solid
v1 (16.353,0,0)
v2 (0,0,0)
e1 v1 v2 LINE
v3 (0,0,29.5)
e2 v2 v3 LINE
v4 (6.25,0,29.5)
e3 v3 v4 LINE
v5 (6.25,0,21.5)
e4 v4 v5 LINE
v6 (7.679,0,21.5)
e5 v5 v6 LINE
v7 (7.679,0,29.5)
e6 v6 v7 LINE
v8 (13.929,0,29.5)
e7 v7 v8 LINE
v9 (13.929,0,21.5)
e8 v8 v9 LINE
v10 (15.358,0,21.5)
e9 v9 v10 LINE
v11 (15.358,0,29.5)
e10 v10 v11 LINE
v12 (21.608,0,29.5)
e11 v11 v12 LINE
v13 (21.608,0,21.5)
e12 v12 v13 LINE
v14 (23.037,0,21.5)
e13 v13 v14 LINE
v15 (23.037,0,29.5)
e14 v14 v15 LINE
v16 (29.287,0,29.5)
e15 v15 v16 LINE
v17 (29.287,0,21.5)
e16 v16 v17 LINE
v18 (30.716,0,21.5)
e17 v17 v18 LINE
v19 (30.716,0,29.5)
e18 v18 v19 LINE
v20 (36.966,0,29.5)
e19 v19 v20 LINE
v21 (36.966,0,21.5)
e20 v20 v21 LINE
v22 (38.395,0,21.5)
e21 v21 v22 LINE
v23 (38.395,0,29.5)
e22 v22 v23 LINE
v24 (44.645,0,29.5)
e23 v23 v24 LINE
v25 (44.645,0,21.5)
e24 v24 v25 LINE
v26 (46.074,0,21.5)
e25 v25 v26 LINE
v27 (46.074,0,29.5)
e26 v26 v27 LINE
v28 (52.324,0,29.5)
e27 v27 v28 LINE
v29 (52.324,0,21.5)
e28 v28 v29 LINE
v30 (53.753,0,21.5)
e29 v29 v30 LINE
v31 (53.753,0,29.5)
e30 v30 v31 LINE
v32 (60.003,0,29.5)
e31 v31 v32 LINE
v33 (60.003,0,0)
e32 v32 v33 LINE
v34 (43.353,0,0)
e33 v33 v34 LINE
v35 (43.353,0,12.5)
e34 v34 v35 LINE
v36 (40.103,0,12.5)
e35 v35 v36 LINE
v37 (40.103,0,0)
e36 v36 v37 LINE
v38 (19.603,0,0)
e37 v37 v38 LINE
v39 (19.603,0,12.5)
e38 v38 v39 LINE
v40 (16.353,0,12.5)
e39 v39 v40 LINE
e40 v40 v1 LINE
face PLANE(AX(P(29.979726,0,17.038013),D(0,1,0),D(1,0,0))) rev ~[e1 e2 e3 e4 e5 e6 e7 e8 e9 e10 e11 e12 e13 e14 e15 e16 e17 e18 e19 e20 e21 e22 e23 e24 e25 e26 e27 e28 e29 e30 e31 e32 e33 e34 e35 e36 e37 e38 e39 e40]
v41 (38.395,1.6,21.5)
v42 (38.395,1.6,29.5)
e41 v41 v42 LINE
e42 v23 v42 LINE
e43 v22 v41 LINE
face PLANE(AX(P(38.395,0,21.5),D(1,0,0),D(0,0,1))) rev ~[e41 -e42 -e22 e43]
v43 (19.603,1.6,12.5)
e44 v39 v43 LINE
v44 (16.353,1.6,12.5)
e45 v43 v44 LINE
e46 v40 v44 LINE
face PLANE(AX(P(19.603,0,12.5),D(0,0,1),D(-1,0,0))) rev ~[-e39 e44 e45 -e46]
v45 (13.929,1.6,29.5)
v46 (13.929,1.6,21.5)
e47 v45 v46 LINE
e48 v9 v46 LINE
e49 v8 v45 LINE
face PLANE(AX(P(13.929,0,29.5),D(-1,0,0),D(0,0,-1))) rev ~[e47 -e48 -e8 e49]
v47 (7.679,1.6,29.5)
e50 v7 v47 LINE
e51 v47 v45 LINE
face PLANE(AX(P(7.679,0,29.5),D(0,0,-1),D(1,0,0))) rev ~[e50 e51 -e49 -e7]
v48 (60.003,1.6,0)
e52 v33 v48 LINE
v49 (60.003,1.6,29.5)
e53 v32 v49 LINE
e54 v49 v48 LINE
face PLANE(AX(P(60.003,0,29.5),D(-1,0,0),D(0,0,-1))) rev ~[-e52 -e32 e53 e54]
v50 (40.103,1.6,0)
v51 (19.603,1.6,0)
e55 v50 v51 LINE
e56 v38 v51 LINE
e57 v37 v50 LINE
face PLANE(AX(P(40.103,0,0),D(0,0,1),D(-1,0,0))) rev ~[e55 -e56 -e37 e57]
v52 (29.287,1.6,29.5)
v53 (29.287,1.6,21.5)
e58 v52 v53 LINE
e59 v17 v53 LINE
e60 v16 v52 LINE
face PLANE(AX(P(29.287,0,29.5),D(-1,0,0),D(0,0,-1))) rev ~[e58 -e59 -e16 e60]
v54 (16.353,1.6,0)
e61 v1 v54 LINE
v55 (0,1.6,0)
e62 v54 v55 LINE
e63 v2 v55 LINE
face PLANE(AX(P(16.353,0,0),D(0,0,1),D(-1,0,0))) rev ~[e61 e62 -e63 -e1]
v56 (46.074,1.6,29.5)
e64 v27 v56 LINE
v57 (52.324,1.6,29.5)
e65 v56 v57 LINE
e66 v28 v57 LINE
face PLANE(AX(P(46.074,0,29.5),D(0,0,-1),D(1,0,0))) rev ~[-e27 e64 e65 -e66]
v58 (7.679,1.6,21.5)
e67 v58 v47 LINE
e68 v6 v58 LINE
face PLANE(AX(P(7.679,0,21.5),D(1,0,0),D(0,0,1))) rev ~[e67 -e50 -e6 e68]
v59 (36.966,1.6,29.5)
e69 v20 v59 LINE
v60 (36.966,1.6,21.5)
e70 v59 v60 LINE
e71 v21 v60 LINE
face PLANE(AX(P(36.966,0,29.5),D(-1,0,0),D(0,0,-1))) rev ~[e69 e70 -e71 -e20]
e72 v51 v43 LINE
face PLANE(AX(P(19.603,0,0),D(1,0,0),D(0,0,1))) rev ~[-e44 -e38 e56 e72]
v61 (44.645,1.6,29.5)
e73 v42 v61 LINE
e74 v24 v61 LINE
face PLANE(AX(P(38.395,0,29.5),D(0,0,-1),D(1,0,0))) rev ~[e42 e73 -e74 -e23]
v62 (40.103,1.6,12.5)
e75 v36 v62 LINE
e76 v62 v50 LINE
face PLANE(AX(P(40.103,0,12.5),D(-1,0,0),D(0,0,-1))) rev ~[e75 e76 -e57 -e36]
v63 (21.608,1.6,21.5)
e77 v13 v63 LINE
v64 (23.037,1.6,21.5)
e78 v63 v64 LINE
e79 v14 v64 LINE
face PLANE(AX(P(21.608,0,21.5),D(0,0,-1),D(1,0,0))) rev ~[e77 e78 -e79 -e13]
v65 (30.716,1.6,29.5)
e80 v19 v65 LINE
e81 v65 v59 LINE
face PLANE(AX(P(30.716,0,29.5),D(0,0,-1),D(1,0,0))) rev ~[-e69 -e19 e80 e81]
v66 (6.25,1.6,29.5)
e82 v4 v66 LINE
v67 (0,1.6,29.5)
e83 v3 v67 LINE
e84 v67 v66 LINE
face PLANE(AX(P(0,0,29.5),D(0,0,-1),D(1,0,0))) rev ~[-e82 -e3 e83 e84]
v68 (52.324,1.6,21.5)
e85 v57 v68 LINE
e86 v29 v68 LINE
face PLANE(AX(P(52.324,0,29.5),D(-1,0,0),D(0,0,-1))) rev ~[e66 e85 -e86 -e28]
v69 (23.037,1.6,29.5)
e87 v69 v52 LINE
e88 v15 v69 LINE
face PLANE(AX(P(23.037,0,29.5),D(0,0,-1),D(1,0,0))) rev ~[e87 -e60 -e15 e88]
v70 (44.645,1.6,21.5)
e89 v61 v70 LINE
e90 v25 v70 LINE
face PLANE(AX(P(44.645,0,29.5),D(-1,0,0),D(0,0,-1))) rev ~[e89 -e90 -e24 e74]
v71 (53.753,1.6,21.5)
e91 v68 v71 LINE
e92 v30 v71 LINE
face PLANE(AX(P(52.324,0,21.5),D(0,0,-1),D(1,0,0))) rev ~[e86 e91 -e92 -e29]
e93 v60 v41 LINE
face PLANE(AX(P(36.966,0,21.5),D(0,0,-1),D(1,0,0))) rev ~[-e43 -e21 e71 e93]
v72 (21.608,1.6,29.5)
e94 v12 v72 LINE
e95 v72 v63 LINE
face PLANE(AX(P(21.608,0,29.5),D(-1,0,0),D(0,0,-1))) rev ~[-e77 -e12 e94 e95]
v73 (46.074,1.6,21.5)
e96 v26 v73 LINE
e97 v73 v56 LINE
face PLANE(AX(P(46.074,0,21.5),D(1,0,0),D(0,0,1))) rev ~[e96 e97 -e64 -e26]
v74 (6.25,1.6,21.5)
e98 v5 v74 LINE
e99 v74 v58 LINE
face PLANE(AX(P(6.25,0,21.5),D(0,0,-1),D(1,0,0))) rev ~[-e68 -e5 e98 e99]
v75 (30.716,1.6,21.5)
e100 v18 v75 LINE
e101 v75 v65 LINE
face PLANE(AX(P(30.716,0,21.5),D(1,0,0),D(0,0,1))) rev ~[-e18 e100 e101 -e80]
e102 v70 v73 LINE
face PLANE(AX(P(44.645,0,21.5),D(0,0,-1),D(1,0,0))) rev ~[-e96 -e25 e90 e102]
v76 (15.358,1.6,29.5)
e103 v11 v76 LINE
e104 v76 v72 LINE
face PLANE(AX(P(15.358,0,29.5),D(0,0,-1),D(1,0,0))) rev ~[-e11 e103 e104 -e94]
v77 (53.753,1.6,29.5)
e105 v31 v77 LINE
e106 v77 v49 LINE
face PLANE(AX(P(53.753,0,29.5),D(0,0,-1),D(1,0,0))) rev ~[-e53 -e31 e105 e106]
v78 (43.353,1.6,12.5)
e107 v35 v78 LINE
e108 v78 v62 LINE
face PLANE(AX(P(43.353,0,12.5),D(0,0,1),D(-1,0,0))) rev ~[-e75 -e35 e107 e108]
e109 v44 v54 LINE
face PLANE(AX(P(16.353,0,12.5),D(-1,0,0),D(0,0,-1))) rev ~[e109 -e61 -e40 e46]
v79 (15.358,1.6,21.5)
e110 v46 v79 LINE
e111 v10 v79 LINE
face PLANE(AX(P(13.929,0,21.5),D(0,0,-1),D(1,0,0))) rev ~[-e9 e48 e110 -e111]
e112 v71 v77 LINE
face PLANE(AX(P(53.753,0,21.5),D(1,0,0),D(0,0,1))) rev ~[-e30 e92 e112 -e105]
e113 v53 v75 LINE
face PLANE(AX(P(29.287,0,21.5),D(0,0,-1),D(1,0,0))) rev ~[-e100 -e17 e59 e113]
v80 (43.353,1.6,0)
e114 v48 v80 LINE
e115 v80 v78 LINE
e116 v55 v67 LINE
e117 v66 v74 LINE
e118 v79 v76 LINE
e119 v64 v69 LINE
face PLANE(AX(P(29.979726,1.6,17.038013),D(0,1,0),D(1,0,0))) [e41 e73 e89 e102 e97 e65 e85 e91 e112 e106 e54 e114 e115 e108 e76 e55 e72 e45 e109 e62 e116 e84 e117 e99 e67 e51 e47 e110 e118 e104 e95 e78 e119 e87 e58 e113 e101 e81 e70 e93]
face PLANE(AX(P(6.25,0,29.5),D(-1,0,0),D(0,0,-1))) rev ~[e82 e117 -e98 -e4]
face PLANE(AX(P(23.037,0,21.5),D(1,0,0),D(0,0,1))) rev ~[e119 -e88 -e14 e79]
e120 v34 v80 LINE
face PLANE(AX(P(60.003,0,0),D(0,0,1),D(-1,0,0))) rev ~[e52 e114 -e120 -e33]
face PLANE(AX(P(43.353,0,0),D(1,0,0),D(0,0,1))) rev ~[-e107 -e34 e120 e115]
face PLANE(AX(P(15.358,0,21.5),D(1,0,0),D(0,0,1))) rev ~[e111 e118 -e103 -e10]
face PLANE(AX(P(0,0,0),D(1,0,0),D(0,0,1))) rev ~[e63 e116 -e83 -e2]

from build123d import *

# Parameters (mm, degrees)
BOSS_EXTRUDE1_DEPTH = 1.6


with BuildPart() as part:
    # Sketch1 → Boss-Extrude1 (new body)
    with BuildSketch(Plane(origin=(0, 0, 0), x_dir=(1, 0, 0), z_dir=(0, 1, 0))):
        Polygon((0, 0), (0, -29.5), (6.25, -29.5), (6.25, -21.5), (7.679, -21.5), (7.679, -29.5), (13.929, -29.5), (13.929, -21.5), (15.358, -21.5), (15.358, -29.5), (21.608, -29.5), (21.608, -21.5), (23.037, -21.5), (23.037, -29.5), (29.287, -29.5), (29.287, -21.5), (30.716, -21.5), (30.716, -29.5), (36.966, -29.5), (36.966, -21.5), (38.395, -21.5), (38.395, -29.5), (44.645, -29.5), (44.645, -21.5), (46.074, -21.5), (46.074, -29.5), (52.324, -29.5), (52.324, -21.5), (53.753, -21.5), (53.753, -29.5), (60.003, -29.5), (60.003, 0), (43.353, 0), (43.353, -12.5), (40.103, -12.5), (40.103, 0), (19.603, 0), (19.603, -12.5), (16.353, -12.5), (16.353, 0), align=None)
    extrude(amount=BOSS_EXTRUDE1_DEPTH)


solid = part.part
